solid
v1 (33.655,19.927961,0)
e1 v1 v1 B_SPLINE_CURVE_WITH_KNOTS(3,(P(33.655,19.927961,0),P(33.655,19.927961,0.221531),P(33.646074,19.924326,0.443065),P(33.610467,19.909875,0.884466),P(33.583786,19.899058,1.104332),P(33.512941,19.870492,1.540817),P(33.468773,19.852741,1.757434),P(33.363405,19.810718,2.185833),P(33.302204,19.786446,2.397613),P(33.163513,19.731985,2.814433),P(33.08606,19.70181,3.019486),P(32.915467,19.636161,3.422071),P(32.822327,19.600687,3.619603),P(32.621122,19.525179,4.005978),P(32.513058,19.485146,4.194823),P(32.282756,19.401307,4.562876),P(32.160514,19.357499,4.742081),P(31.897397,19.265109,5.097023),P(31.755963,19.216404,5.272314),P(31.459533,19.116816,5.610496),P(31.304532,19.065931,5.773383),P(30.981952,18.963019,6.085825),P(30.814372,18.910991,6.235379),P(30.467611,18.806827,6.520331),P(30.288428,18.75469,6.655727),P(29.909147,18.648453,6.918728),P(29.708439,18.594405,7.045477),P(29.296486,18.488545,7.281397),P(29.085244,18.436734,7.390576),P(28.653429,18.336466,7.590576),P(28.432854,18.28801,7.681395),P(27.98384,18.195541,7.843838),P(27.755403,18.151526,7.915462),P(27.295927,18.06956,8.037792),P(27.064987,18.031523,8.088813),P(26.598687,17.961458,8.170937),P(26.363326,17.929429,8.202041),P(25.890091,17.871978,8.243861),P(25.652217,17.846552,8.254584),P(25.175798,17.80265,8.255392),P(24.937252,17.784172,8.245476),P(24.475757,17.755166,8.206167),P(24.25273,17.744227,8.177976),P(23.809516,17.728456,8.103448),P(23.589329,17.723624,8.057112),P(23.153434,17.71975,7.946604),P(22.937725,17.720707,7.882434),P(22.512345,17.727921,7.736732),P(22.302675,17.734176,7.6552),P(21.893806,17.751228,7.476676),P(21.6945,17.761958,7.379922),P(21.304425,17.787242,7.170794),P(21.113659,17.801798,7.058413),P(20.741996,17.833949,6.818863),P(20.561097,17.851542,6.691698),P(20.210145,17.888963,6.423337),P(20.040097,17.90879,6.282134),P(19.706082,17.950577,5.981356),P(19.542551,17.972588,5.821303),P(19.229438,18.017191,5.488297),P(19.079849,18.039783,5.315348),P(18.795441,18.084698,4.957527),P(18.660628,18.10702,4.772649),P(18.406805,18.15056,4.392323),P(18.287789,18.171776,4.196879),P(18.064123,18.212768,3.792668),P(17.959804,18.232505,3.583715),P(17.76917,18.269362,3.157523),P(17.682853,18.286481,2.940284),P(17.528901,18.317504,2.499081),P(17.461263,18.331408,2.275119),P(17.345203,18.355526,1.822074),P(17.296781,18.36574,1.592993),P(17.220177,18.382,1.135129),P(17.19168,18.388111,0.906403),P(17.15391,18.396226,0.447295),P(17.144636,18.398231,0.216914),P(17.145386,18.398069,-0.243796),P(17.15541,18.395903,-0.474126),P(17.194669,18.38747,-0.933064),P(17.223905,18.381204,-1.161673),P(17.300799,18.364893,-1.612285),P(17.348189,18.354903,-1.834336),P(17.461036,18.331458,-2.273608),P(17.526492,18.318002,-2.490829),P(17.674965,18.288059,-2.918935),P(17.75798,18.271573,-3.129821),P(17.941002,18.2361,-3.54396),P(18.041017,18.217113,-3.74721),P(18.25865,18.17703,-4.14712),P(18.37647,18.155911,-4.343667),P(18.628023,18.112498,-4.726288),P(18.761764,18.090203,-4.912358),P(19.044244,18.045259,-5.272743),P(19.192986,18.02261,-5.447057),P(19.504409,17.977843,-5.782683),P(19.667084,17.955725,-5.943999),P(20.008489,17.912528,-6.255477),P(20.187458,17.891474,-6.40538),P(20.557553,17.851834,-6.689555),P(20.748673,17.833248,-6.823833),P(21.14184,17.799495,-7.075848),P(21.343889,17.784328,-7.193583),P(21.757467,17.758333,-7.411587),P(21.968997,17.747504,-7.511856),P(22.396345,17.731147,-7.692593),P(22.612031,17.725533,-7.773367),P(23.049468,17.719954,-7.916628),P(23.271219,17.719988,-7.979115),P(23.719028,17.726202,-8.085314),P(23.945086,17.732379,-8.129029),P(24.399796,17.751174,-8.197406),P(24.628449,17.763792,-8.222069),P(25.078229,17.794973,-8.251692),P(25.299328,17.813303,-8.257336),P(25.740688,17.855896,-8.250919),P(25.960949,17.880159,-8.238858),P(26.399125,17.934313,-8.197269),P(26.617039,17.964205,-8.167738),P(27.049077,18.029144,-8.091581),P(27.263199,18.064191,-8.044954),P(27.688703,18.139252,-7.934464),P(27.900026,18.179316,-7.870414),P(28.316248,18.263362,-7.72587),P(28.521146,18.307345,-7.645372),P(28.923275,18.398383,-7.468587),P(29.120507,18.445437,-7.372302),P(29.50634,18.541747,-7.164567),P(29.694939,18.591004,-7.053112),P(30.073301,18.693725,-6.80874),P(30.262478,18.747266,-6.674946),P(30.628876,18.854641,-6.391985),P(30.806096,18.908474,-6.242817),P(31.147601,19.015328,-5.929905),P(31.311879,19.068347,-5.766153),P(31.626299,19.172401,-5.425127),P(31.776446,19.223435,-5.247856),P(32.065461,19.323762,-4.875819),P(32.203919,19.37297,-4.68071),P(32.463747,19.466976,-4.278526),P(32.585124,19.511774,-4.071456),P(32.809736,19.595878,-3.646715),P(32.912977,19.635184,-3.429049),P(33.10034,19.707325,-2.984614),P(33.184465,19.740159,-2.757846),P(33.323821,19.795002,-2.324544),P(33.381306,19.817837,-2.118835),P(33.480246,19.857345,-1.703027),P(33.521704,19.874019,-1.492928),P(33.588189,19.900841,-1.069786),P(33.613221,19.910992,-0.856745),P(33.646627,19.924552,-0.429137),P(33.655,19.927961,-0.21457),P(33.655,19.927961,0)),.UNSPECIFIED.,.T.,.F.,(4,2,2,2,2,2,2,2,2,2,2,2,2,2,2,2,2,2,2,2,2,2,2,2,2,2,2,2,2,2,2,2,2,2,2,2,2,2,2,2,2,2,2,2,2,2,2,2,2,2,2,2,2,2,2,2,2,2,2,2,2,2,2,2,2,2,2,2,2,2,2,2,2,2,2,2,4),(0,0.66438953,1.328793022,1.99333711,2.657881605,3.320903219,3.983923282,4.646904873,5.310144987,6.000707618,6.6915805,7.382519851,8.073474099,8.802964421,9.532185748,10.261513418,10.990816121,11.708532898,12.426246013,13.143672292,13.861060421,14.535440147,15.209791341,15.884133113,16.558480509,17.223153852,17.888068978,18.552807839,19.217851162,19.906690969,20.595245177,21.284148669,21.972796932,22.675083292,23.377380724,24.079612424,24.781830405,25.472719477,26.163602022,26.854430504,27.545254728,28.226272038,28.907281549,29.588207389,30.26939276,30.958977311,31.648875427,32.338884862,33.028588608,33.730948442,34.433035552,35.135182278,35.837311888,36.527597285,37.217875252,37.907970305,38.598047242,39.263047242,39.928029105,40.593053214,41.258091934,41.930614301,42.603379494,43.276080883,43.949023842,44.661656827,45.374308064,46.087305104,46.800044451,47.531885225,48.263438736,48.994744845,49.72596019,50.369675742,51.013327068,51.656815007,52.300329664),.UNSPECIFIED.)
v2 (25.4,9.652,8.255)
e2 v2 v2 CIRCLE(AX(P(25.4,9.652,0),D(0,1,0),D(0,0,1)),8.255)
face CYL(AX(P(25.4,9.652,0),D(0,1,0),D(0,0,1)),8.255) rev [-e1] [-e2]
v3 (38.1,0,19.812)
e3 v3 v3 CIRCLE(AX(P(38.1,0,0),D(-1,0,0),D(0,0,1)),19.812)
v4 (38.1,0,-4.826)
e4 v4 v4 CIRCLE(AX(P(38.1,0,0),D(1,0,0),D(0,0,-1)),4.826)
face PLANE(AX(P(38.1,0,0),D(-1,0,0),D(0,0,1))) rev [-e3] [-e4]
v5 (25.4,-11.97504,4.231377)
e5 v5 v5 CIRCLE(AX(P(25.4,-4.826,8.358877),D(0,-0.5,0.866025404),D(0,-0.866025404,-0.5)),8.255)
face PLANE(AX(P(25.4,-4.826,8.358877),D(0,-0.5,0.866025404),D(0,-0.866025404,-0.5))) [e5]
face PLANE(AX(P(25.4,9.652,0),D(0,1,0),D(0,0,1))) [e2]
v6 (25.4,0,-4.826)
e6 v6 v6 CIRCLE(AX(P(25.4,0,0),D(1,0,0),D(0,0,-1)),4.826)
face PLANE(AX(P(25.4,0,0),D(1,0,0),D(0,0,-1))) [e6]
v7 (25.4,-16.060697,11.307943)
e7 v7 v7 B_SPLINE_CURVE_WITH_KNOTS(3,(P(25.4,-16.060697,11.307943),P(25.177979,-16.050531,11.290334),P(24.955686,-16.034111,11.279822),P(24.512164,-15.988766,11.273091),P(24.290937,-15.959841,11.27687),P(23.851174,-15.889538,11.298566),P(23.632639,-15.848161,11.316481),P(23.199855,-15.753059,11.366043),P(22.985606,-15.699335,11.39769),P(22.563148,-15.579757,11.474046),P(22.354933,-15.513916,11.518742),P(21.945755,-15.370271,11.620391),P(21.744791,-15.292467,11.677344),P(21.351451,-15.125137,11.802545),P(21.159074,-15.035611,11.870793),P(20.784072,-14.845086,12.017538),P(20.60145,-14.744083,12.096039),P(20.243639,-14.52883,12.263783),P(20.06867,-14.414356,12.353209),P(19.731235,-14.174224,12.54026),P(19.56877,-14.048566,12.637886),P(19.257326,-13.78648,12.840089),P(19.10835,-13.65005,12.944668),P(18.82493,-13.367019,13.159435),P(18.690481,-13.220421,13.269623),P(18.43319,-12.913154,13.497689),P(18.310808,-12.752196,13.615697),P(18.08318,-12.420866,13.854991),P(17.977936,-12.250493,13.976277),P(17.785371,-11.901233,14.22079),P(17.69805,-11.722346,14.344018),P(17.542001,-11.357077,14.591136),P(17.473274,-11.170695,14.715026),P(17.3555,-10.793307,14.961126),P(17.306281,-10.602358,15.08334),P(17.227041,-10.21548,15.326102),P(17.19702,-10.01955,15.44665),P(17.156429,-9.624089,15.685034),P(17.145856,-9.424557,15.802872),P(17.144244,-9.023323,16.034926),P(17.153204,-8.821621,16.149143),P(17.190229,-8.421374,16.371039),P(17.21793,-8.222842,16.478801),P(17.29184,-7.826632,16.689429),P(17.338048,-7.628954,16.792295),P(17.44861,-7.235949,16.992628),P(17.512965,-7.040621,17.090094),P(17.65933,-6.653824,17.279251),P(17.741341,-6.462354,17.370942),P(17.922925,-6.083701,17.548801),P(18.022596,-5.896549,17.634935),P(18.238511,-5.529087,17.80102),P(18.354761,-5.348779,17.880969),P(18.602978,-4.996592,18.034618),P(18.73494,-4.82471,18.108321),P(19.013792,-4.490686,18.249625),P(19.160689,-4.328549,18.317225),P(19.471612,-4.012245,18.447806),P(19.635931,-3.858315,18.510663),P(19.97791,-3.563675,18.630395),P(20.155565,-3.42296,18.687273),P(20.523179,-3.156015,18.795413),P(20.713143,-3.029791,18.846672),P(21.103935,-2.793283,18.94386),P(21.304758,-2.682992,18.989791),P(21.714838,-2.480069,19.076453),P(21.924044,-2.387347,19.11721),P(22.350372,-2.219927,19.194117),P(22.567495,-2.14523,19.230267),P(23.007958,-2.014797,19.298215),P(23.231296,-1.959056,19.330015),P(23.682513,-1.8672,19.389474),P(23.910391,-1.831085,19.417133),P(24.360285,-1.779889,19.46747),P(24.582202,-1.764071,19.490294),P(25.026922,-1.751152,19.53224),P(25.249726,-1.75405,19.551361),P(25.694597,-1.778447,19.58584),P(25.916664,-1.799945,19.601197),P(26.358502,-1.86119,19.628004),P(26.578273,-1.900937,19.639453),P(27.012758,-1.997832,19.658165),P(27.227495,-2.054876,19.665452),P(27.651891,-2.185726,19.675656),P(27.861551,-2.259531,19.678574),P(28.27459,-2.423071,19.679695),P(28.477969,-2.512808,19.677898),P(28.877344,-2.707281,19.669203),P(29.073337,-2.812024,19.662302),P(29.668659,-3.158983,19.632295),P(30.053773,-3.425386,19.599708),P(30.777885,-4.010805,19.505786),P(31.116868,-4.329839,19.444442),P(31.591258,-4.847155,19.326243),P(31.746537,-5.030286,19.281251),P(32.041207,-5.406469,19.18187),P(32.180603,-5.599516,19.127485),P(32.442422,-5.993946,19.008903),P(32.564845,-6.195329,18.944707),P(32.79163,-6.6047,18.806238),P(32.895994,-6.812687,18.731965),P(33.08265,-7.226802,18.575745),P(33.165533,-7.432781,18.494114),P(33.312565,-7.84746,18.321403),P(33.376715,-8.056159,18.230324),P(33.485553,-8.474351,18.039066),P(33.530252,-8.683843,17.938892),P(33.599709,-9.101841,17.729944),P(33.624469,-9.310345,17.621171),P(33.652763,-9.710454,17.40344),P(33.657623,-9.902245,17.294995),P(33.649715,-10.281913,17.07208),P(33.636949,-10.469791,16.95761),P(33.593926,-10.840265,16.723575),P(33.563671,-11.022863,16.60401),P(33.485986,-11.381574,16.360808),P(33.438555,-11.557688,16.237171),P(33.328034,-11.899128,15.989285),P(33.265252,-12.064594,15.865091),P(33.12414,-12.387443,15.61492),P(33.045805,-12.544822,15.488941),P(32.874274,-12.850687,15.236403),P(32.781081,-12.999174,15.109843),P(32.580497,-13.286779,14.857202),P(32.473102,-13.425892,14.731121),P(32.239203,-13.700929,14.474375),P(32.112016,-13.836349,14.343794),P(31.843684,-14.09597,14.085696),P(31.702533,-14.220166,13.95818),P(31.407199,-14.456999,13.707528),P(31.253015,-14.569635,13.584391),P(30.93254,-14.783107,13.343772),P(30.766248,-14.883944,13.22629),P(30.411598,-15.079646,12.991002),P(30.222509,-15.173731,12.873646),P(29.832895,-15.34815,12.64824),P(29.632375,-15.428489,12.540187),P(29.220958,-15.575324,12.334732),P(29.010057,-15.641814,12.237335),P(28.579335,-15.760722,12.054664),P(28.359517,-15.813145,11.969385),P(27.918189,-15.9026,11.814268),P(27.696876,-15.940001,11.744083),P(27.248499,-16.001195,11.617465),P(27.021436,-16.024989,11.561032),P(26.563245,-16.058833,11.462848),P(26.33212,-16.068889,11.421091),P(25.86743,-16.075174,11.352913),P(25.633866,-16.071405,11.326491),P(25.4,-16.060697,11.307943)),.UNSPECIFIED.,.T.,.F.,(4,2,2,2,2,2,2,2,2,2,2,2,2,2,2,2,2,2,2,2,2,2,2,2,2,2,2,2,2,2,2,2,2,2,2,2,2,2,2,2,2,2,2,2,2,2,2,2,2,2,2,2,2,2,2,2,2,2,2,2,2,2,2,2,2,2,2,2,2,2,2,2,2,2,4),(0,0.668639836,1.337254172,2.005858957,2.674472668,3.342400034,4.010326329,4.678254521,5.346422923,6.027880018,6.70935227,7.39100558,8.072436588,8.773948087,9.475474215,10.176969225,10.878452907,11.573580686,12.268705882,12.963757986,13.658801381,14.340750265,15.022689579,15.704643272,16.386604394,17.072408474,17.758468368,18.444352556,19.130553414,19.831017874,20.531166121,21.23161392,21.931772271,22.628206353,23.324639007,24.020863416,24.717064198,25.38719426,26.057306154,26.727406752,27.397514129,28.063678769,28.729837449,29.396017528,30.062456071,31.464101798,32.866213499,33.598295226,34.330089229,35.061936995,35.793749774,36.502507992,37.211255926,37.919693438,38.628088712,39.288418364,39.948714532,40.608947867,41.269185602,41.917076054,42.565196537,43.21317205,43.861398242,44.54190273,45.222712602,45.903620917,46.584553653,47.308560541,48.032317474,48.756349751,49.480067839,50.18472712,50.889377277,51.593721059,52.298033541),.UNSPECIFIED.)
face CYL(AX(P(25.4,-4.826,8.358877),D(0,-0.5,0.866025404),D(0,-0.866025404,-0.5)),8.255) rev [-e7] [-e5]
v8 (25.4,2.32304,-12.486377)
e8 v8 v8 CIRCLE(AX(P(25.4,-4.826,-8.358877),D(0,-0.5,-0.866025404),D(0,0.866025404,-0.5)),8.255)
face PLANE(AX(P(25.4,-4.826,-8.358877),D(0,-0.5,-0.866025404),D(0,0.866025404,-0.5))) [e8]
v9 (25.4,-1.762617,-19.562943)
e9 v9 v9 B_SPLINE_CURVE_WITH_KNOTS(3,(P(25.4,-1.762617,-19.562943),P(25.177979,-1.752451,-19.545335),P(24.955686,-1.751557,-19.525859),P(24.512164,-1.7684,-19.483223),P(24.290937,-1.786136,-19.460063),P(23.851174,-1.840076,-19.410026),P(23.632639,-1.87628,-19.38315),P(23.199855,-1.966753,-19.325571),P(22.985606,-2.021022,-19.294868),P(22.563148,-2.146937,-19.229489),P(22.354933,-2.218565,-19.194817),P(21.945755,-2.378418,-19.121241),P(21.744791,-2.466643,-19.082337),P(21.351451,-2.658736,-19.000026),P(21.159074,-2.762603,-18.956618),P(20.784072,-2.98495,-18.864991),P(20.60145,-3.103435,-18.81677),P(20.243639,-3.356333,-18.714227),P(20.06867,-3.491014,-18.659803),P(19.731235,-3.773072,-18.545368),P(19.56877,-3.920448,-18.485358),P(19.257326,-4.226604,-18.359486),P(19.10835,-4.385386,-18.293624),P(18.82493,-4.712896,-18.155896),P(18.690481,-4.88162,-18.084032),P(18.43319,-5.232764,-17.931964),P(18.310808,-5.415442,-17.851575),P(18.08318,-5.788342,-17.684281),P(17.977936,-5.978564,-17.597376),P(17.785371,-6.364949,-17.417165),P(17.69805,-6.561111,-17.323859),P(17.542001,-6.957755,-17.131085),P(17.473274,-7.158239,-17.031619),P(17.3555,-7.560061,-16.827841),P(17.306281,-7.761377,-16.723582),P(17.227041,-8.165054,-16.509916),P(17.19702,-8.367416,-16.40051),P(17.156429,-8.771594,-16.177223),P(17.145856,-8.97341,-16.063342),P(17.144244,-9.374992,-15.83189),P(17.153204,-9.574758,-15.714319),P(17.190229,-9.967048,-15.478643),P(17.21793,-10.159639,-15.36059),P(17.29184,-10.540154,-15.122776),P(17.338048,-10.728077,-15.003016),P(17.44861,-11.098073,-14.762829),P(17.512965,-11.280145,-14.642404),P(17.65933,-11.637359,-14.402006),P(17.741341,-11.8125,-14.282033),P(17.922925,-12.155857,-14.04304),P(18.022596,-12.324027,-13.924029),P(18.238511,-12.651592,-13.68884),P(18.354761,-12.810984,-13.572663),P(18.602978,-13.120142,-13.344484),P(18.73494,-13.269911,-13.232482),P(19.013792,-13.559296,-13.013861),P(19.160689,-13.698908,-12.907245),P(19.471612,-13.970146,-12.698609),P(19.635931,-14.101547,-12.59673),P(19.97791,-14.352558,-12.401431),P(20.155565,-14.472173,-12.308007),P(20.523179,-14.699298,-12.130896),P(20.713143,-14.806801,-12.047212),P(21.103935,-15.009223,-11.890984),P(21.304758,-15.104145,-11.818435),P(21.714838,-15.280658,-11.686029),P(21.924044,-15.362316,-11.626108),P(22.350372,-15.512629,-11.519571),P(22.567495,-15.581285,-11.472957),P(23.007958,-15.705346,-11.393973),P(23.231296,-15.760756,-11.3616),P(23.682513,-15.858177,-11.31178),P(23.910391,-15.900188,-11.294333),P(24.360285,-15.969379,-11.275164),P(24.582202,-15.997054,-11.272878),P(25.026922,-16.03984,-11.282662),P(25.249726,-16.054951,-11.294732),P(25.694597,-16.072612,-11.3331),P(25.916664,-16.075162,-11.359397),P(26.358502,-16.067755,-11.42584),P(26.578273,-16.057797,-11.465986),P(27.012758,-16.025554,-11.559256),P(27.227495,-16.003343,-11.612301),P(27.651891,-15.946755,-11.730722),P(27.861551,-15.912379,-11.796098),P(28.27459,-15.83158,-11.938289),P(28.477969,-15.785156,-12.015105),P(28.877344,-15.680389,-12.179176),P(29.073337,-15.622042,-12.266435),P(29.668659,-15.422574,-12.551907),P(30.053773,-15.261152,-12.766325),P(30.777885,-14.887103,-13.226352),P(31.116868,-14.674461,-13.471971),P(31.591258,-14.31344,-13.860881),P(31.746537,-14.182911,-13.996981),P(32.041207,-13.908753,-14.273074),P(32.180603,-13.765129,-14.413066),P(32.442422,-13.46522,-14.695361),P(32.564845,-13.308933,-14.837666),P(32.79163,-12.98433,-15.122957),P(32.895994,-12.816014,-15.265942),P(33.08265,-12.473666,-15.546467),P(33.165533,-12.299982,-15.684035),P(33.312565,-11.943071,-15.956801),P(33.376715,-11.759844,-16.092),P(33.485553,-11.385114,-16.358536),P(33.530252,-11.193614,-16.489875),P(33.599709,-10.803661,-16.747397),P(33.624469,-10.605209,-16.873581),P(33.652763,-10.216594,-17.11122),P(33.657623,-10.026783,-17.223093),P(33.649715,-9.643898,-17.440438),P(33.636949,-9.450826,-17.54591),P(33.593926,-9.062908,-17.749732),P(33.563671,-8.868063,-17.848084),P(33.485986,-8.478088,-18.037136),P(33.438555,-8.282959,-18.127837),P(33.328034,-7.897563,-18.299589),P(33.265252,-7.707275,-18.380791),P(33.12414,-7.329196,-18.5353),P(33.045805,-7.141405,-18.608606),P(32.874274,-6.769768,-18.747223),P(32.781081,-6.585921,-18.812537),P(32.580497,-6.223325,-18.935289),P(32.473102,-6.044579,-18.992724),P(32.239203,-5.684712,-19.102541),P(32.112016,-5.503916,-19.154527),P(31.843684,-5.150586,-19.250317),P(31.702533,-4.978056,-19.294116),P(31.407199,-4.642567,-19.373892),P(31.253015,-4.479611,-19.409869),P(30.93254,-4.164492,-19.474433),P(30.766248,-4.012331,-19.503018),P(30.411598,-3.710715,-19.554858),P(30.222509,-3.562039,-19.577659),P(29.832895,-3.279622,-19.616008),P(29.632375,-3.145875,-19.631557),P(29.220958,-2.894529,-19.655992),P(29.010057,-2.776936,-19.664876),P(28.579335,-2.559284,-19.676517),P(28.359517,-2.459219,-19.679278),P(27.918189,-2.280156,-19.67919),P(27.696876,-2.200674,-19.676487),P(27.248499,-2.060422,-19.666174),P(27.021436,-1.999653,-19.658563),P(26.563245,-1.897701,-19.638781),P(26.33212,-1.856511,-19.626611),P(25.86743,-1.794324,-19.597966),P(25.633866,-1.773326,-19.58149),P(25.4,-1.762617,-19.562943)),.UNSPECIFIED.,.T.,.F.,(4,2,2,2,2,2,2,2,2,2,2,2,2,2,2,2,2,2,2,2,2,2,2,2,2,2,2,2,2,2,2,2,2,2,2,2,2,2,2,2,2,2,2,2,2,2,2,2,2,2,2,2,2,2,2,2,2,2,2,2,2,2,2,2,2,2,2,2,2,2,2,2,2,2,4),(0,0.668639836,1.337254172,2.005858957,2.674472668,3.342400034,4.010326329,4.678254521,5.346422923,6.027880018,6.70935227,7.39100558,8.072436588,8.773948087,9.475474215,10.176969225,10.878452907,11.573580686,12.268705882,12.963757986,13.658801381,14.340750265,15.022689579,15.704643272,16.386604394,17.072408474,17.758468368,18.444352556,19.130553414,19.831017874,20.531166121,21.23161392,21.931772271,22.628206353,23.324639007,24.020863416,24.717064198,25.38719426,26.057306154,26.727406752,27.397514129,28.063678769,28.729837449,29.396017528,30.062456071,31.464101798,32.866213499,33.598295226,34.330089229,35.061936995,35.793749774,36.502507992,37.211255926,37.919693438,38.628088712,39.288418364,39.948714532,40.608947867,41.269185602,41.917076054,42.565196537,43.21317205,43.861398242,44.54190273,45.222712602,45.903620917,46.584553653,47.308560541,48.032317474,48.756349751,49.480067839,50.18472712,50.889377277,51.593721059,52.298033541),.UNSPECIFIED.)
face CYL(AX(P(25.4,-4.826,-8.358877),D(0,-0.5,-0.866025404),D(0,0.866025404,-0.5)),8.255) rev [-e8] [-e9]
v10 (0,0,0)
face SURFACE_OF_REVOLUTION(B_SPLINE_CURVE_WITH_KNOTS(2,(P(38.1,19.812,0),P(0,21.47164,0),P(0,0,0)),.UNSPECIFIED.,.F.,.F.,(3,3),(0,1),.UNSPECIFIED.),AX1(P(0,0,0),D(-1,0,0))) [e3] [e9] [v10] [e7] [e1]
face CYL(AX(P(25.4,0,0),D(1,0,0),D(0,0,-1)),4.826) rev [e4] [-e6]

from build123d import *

# Parameters (mm, degrees)
SKETCH17_R         = 4.826
CUT_EXTRUDE3_DEPTH = 12.7
SKETCH19_R         = 8.255
CUT_EXTRUDE4_DEPTH = 10.16
CIRPATTERN1_COUNT  = 3


with BuildPart() as part:
    # Sketch16 → Revolve5 (revolve)
    with BuildSketch(Plane.XY):
        with BuildLine():
            Line((0, 0), (38.1, 0))
            Line((38.1, 0), (38.1, 19.812))
            add(Edge.make_bspline(
                [(0, 0), (0, 21.471640273), (38.1, 19.812)],
                knots=[0, 0, 0, 1, 1, 1], degree=2))
        make_face()
    revolve(axis=Axis((0, 0, 0), (1, 0, 0)))

    # Sketch17 → Cut-Extrude3 (cut)
    with BuildSketch(Plane(origin=(38.1, 0, 0), x_dir=(0, 0, -1), z_dir=(1, 0, 0))):
        Circle(SKETCH17_R)
    extrude(amount=-CUT_EXTRUDE3_DEPTH, mode=Mode.SUBTRACT)

    # Sketch19 → Cut-Extrude4 (cut, symmetric)
    with BuildSketch(Plane(origin=(0, 19.812, 0), x_dir=(1, 0, 0), z_dir=(0, 1, 0))):
        with Locations(Location((25.4, 0, 0), (0, 0, 270))):
            Circle(SKETCH19_R)
    cut_extrude4 = extrude(amount=CUT_EXTRUDE4_DEPTH, both=True, mode=Mode.SUBTRACT)

    # CirPattern1: Cut-Extrude4 ×3 about axis
    cirpattern1_axis = Axis((0, 0, 0), (1, 0, 0))
    for i in range(1, CIRPATTERN1_COUNT):
        add(cut_extrude4.rotate(cirpattern1_axis, i * 360 / CIRPATTERN1_COUNT), mode=Mode.SUBTRACT)


solid = part.part
